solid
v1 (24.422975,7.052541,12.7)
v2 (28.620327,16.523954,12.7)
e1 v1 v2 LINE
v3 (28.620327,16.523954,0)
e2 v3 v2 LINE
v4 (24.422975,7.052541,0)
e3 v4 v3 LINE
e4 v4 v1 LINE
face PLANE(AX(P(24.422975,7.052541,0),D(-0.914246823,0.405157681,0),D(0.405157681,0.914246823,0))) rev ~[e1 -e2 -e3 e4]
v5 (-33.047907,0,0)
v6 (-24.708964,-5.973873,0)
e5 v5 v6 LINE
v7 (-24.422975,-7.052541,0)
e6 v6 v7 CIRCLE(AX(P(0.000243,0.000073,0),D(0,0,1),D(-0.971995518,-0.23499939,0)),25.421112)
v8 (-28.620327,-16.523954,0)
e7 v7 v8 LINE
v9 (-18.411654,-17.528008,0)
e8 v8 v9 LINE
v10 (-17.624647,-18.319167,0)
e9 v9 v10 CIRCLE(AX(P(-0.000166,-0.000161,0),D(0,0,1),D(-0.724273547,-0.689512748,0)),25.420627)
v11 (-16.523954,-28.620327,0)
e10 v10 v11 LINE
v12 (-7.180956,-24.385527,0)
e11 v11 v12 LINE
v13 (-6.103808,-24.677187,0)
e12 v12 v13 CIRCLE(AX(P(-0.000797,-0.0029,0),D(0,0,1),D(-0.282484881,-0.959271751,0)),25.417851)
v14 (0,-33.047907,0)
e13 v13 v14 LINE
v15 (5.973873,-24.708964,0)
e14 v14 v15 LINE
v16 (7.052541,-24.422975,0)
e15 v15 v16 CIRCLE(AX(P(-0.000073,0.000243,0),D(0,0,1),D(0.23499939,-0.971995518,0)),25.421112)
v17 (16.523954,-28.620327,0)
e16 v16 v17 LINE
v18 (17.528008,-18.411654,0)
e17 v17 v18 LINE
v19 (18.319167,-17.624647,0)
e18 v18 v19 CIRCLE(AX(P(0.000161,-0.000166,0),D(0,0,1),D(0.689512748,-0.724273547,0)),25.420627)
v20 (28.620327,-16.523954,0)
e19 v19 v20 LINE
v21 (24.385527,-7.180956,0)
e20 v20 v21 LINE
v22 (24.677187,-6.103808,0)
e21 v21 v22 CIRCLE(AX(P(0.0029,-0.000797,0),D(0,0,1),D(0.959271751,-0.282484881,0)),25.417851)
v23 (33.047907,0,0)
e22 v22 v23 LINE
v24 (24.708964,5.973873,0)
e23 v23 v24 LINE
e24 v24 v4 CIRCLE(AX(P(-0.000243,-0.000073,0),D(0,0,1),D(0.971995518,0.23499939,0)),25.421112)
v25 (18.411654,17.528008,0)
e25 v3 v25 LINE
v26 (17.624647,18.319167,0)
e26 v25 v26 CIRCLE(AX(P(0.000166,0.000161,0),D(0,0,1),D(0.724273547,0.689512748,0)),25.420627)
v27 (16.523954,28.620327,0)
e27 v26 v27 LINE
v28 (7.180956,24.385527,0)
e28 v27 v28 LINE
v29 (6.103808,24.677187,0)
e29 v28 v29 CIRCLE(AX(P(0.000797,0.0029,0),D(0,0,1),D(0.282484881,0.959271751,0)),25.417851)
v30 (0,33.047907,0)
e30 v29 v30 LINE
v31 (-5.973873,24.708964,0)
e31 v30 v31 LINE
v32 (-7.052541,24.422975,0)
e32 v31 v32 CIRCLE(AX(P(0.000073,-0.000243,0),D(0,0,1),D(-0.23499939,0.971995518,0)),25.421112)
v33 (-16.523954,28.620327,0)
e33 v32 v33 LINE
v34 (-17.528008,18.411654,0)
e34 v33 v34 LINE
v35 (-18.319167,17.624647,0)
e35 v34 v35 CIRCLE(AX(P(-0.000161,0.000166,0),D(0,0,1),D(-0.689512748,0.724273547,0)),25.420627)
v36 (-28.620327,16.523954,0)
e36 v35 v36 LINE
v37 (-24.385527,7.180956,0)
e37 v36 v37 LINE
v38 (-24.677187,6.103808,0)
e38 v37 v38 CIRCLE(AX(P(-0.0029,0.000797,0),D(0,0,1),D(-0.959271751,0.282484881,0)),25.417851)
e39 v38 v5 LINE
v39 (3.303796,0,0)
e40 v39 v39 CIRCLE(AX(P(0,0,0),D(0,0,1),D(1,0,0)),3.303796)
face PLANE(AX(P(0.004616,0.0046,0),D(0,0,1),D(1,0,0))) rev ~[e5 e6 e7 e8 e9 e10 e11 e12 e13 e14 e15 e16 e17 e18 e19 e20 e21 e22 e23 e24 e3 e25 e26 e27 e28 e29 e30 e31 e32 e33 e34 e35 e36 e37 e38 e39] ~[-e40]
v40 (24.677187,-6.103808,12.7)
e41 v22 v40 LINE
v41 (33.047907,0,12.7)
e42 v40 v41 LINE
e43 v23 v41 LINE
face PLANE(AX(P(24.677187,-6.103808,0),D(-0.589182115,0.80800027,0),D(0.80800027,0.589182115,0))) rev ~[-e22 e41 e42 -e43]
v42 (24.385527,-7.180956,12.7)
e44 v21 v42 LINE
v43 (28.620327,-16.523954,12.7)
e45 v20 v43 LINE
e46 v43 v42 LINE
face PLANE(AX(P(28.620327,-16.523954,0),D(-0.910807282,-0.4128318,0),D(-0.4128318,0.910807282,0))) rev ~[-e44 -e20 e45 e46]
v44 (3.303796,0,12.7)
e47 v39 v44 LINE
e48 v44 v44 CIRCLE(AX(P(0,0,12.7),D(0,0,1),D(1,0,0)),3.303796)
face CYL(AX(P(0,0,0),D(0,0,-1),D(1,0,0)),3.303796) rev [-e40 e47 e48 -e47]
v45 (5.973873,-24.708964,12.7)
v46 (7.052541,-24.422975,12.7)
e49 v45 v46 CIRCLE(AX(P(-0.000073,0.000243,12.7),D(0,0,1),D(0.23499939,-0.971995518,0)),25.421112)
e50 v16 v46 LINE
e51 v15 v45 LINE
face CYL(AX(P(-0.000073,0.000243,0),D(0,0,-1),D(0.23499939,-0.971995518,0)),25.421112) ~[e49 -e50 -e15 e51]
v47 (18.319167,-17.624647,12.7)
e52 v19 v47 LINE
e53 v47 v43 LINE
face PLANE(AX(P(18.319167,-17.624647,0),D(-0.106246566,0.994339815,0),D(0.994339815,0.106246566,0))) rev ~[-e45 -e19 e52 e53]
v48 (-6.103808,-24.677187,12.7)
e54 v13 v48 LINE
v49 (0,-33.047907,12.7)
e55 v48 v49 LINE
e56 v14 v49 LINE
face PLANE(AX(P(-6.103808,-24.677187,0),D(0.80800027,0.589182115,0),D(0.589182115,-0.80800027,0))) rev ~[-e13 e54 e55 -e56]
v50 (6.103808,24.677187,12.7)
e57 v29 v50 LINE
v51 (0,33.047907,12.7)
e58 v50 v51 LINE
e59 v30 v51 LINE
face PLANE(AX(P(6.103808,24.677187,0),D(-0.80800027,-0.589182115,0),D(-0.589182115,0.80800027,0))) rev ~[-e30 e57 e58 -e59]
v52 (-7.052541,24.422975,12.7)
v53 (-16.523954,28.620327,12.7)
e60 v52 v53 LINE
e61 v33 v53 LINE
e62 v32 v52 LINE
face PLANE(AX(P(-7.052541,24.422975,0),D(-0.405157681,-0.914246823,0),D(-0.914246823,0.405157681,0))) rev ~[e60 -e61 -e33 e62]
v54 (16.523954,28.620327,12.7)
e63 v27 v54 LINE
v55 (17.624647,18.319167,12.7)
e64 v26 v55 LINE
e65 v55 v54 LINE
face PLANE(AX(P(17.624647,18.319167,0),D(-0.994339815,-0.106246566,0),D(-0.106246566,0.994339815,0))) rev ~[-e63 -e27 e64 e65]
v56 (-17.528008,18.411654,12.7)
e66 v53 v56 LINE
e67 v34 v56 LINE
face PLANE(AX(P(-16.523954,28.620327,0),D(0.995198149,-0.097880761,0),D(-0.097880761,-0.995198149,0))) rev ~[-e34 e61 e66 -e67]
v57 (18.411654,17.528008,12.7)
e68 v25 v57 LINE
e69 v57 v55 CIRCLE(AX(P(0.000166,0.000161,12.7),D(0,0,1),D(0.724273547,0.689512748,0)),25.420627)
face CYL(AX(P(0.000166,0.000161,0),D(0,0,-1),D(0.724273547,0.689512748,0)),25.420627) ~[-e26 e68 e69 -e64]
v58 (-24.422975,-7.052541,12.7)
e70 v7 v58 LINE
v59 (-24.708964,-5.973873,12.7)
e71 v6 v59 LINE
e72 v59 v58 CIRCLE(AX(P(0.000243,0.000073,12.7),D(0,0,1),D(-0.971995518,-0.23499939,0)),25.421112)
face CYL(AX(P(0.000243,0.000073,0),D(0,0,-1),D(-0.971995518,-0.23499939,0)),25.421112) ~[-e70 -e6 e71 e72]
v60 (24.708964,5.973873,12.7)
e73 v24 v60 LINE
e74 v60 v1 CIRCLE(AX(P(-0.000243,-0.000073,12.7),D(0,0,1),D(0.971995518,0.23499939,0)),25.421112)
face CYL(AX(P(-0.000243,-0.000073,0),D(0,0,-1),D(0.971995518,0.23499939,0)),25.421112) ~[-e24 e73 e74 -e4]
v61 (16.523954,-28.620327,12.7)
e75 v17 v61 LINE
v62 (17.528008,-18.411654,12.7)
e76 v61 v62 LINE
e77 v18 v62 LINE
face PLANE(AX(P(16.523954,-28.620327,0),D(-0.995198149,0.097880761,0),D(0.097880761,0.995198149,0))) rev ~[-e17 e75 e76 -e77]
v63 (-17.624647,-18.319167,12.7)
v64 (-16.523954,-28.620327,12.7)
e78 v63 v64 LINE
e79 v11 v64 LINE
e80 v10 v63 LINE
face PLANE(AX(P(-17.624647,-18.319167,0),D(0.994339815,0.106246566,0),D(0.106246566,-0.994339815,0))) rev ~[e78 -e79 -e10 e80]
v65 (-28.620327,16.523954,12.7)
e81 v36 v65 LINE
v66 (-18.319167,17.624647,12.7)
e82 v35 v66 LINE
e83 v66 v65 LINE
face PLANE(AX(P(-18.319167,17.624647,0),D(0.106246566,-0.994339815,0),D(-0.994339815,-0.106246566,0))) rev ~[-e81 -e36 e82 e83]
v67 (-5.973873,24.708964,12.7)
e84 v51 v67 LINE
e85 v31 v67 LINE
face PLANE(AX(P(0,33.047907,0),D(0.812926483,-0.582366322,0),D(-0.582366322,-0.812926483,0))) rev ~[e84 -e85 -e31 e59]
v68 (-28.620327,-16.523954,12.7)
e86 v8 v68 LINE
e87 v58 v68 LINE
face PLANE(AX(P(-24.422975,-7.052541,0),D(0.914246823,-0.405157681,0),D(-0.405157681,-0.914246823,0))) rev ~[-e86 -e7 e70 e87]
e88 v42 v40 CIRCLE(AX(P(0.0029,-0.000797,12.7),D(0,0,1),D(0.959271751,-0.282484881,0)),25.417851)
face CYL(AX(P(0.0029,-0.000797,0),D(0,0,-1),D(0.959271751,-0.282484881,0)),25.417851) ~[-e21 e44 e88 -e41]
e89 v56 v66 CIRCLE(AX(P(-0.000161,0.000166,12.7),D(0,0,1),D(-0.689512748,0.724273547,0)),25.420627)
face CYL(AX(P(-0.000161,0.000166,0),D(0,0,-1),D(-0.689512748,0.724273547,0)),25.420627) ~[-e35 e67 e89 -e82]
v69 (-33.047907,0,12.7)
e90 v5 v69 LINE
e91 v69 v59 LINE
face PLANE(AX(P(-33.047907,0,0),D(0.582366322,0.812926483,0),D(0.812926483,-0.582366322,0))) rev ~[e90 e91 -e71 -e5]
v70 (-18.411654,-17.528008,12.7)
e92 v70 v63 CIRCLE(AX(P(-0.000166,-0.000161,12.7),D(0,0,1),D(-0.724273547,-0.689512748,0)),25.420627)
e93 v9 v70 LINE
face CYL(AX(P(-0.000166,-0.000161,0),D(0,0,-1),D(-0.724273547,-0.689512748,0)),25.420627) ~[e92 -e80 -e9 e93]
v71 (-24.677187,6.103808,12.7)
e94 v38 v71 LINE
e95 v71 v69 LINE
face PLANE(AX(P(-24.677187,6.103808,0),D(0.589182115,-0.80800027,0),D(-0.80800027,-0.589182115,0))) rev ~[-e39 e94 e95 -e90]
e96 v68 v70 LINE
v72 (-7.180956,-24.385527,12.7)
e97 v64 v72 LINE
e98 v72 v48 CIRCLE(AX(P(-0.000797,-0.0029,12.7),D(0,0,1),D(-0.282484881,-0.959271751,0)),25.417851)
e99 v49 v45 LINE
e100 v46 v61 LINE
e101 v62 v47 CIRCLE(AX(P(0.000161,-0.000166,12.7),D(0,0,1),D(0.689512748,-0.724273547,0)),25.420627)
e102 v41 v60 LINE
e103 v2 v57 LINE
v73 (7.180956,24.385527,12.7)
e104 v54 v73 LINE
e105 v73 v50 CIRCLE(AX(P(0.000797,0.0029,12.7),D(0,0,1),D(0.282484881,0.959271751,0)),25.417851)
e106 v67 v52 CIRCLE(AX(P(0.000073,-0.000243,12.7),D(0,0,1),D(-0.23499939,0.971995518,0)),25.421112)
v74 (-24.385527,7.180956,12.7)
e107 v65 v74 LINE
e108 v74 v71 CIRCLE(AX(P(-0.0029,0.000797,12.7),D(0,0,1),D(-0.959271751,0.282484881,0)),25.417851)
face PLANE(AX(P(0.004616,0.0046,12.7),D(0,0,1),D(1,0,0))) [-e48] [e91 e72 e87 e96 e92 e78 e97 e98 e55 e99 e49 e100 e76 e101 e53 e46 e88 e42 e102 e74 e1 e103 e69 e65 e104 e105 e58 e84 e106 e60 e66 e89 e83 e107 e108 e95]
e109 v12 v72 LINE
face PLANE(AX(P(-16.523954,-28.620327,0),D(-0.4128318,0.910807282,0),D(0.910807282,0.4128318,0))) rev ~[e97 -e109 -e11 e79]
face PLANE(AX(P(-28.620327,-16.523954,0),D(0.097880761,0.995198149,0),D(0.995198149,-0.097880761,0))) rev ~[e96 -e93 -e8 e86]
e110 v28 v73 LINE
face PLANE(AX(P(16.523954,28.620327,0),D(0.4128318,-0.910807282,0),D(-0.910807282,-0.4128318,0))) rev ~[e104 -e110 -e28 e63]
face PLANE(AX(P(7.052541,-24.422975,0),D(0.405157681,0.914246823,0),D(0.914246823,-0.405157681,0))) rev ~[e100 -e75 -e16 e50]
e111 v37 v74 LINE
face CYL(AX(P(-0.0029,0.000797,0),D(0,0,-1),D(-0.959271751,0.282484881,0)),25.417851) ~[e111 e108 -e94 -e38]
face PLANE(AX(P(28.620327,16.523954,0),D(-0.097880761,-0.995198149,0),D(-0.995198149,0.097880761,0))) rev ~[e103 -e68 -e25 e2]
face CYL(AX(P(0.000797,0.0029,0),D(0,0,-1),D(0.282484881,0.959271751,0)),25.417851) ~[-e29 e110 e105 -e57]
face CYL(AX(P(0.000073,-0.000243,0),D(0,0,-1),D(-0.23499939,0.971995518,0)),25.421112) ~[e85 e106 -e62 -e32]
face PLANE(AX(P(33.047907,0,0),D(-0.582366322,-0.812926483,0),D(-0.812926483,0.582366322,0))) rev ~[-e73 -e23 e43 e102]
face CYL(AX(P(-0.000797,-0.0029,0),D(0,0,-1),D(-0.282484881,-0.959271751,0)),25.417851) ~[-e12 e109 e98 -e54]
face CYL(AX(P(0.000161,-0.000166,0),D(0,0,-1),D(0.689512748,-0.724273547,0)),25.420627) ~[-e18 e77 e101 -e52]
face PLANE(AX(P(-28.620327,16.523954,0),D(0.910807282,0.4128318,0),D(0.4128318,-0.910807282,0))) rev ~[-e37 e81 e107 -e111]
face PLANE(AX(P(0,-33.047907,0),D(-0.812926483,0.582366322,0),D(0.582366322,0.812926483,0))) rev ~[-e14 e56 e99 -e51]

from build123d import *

# Parameters (mm, degrees)
F0_R     = 3.303796
F1_DEPTH = 12.7


with BuildPart() as f1:
    # F0 (on Top) → F1 (new body)
    with BuildSketch(Plane.XY):
        with BuildLine():
            ThreePointArc((24.677187, -6.103808), (25.234256, -3.074472), (25.420859, 0))
            ThreePointArc((25.420859, 0), (25.242258, 3.008071), (24.708964, 5.973873))
            ThreePointArc((24.708964, 5.973873), (24.571889, 6.514777), (24.422975, 7.052541))
            ThreePointArc((24.422975, 7.052541), (22.048474, 12.652464), (18.411654, 17.528008))
            ThreePointArc((18.411654, 17.528008), (18.022492, 17.927907), (17.624647, 18.319167))
            ThreePointArc((17.624647, 18.319167), (12.768307, 21.981592), (7.180956, 24.385527))
            ThreePointArc((7.180956, 24.385527), (6.643983, 24.537269), (6.103808, 24.677187))
            ThreePointArc((6.103808, 24.677187), (3.074472, 25.234256), (0, 25.420859))
            ThreePointArc((0, 25.420859), (-3.008071, 25.242258), (-5.973873, 24.708964))
            ThreePointArc((-5.973873, 24.708964), (-6.514777, 24.571889), (-7.052541, 24.422975))
            ThreePointArc((-7.052541, 24.422975), (-12.652464, 22.048474), (-17.528008, 18.411654))
            ThreePointArc((-17.528008, 18.411654), (-17.927907, 18.022492), (-18.319167, 17.624647))
            ThreePointArc((-18.319167, 17.624647), (-21.981592, 12.768307), (-24.385527, 7.180956))
            ThreePointArc((-24.385527, 7.180956), (-24.537269, 6.643983), (-24.677187, 6.103808))
            ThreePointArc((-24.677187, 6.103808), (-25.420771, 0.066882), (-24.708964, -5.973873))
            ThreePointArc((-24.708964, -5.973873), (-24.571889, -6.514777), (-24.422975, -7.052541))
            ThreePointArc((-24.422975, -7.052541), (-22.048474, -12.652464), (-18.411654, -17.528008))
            ThreePointArc((-18.411654, -17.528008), (-18.022492, -17.927907), (-17.624647, -18.319167))
            ThreePointArc((-17.624647, -18.319167), (-12.768307, -21.981592), (-7.180956, -24.385527))
            ThreePointArc((-7.180956, -24.385527), (-6.643983, -24.537269), (-6.103808, -24.677187))
            ThreePointArc((-6.103808, -24.677187), (-0.066882, -25.420771), (5.973873, -24.708964))
            ThreePointArc((5.973873, -24.708964), (6.514777, -24.571889), (7.052541, -24.422975))
            ThreePointArc((7.052541, -24.422975), (12.652464, -22.048474), (17.528008, -18.411654))
            ThreePointArc((17.528008, -18.411654), (17.927907, -18.022492), (18.319167, -17.624647))
            ThreePointArc((18.319167, -17.624647), (21.981592, -12.768307), (24.385527, -7.180956))
            ThreePointArc((24.385527, -7.180956), (24.537269, -6.643983), (24.677187, -6.103808))
        make_face()
        Circle(F0_R, mode=Mode.SUBTRACT)
        with BuildLine():
            ThreePointArc((24.708964, 5.973873), (25.242258, 3.008071), (25.420859, 0))
            ThreePointArc((25.420859, 0), (25.234256, -3.074472), (24.677187, -6.103808))
            Line((24.677187, -6.103808), (33.047907, 0))
            Line((33.047907, 0), (24.708964, 5.973873))
        make_face()
        with BuildLine():
            ThreePointArc((18.411654, 17.528008), (22.048474, 12.652464), (24.422975, 7.052541))
            Line((24.422975, 7.052541), (28.620327, 16.523954))
            Line((28.620327, 16.523954), (18.411654, 17.528008))
        make_face()
        with BuildLine():
            Line((28.620327, -16.523954), (24.385527, -7.180956))
            ThreePointArc((24.385527, -7.180956), (21.981592, -12.768307), (18.319167, -17.624647))
            Line((18.319167, -17.624647), (28.620327, -16.523954))
        make_face()
        with BuildLine():
            ThreePointArc((7.180956, 24.385527), (12.768307, 21.981592), (17.624647, 18.319167))
            Line((17.624647, 18.319167), (16.523954, 28.620327))
            Line((16.523954, 28.620327), (7.180956, 24.385527))
        make_face()
        with BuildLine():
            Line((16.523954, -28.620327), (17.528008, -18.411654))
            ThreePointArc((17.528008, -18.411654), (12.652464, -22.048474), (7.052541, -24.422975))
            Line((7.052541, -24.422975), (16.523954, -28.620327))
        make_face()
        with BuildLine():
            ThreePointArc((0, 25.420859), (3.074472, 25.234256), (6.103808, 24.677187))
            Line((6.103808, 24.677187), (0, 33.047907))
            Line((0, 33.047907), (0, 25.420859))
        make_face()
        with BuildLine():
            Line((0, -33.047907), (5.973873, -24.708964))
            ThreePointArc((5.973873, -24.708964), (-0.066882, -25.420771), (-6.103808, -24.677187))
            Line((-6.103808, -24.677187), (0, -33.047907))
        make_face()
        with BuildLine():
            ThreePointArc((-5.973873, 24.708964), (-3.008071, 25.242258), (0, 25.420859))
            Line((0, 25.420859), (0, 33.047907))
            Line((0, 33.047907), (-5.973873, 24.708964))
        make_face()
        with BuildLine():
            Line((-16.523954, -28.620327), (-7.180956, -24.385527))
            ThreePointArc((-7.180956, -24.385527), (-12.768307, -21.981592), (-17.624647, -18.319167))
            Line((-17.624647, -18.319167), (-16.523954, -28.620327))
        make_face()
        with BuildLine():
            ThreePointArc((-17.528008, 18.411654), (-12.652464, 22.048474), (-7.052541, 24.422975))
            Line((-7.052541, 24.422975), (-16.523954, 28.620327))
            Line((-16.523954, 28.620327), (-17.528008, 18.411654))
        make_face()
        with BuildLine():
            Line((-28.620327, -16.523954), (-18.411654, -17.528008))
            ThreePointArc((-18.411654, -17.528008), (-22.048474, -12.652464), (-24.422975, -7.052541))
            Line((-24.422975, -7.052541), (-28.620327, -16.523954))
        make_face()
        with BuildLine():
            ThreePointArc((-24.385527, 7.180956), (-21.981592, 12.768307), (-18.319167, 17.624647))
            Line((-18.319167, 17.624647), (-28.620327, 16.523954))
            Line((-28.620327, 16.523954), (-24.385527, 7.180956))
        make_face()
        with BuildLine():
            Line((-33.047907, 0), (-24.708964, -5.973873))
            ThreePointArc((-24.708964, -5.973873), (-25.420771, 0.066882), (-24.677187, 6.103808))
            Line((-24.677187, 6.103808), (-33.047907, 0))
        make_face()
    extrude(amount=F1_DEPTH)


solid = f1.part
